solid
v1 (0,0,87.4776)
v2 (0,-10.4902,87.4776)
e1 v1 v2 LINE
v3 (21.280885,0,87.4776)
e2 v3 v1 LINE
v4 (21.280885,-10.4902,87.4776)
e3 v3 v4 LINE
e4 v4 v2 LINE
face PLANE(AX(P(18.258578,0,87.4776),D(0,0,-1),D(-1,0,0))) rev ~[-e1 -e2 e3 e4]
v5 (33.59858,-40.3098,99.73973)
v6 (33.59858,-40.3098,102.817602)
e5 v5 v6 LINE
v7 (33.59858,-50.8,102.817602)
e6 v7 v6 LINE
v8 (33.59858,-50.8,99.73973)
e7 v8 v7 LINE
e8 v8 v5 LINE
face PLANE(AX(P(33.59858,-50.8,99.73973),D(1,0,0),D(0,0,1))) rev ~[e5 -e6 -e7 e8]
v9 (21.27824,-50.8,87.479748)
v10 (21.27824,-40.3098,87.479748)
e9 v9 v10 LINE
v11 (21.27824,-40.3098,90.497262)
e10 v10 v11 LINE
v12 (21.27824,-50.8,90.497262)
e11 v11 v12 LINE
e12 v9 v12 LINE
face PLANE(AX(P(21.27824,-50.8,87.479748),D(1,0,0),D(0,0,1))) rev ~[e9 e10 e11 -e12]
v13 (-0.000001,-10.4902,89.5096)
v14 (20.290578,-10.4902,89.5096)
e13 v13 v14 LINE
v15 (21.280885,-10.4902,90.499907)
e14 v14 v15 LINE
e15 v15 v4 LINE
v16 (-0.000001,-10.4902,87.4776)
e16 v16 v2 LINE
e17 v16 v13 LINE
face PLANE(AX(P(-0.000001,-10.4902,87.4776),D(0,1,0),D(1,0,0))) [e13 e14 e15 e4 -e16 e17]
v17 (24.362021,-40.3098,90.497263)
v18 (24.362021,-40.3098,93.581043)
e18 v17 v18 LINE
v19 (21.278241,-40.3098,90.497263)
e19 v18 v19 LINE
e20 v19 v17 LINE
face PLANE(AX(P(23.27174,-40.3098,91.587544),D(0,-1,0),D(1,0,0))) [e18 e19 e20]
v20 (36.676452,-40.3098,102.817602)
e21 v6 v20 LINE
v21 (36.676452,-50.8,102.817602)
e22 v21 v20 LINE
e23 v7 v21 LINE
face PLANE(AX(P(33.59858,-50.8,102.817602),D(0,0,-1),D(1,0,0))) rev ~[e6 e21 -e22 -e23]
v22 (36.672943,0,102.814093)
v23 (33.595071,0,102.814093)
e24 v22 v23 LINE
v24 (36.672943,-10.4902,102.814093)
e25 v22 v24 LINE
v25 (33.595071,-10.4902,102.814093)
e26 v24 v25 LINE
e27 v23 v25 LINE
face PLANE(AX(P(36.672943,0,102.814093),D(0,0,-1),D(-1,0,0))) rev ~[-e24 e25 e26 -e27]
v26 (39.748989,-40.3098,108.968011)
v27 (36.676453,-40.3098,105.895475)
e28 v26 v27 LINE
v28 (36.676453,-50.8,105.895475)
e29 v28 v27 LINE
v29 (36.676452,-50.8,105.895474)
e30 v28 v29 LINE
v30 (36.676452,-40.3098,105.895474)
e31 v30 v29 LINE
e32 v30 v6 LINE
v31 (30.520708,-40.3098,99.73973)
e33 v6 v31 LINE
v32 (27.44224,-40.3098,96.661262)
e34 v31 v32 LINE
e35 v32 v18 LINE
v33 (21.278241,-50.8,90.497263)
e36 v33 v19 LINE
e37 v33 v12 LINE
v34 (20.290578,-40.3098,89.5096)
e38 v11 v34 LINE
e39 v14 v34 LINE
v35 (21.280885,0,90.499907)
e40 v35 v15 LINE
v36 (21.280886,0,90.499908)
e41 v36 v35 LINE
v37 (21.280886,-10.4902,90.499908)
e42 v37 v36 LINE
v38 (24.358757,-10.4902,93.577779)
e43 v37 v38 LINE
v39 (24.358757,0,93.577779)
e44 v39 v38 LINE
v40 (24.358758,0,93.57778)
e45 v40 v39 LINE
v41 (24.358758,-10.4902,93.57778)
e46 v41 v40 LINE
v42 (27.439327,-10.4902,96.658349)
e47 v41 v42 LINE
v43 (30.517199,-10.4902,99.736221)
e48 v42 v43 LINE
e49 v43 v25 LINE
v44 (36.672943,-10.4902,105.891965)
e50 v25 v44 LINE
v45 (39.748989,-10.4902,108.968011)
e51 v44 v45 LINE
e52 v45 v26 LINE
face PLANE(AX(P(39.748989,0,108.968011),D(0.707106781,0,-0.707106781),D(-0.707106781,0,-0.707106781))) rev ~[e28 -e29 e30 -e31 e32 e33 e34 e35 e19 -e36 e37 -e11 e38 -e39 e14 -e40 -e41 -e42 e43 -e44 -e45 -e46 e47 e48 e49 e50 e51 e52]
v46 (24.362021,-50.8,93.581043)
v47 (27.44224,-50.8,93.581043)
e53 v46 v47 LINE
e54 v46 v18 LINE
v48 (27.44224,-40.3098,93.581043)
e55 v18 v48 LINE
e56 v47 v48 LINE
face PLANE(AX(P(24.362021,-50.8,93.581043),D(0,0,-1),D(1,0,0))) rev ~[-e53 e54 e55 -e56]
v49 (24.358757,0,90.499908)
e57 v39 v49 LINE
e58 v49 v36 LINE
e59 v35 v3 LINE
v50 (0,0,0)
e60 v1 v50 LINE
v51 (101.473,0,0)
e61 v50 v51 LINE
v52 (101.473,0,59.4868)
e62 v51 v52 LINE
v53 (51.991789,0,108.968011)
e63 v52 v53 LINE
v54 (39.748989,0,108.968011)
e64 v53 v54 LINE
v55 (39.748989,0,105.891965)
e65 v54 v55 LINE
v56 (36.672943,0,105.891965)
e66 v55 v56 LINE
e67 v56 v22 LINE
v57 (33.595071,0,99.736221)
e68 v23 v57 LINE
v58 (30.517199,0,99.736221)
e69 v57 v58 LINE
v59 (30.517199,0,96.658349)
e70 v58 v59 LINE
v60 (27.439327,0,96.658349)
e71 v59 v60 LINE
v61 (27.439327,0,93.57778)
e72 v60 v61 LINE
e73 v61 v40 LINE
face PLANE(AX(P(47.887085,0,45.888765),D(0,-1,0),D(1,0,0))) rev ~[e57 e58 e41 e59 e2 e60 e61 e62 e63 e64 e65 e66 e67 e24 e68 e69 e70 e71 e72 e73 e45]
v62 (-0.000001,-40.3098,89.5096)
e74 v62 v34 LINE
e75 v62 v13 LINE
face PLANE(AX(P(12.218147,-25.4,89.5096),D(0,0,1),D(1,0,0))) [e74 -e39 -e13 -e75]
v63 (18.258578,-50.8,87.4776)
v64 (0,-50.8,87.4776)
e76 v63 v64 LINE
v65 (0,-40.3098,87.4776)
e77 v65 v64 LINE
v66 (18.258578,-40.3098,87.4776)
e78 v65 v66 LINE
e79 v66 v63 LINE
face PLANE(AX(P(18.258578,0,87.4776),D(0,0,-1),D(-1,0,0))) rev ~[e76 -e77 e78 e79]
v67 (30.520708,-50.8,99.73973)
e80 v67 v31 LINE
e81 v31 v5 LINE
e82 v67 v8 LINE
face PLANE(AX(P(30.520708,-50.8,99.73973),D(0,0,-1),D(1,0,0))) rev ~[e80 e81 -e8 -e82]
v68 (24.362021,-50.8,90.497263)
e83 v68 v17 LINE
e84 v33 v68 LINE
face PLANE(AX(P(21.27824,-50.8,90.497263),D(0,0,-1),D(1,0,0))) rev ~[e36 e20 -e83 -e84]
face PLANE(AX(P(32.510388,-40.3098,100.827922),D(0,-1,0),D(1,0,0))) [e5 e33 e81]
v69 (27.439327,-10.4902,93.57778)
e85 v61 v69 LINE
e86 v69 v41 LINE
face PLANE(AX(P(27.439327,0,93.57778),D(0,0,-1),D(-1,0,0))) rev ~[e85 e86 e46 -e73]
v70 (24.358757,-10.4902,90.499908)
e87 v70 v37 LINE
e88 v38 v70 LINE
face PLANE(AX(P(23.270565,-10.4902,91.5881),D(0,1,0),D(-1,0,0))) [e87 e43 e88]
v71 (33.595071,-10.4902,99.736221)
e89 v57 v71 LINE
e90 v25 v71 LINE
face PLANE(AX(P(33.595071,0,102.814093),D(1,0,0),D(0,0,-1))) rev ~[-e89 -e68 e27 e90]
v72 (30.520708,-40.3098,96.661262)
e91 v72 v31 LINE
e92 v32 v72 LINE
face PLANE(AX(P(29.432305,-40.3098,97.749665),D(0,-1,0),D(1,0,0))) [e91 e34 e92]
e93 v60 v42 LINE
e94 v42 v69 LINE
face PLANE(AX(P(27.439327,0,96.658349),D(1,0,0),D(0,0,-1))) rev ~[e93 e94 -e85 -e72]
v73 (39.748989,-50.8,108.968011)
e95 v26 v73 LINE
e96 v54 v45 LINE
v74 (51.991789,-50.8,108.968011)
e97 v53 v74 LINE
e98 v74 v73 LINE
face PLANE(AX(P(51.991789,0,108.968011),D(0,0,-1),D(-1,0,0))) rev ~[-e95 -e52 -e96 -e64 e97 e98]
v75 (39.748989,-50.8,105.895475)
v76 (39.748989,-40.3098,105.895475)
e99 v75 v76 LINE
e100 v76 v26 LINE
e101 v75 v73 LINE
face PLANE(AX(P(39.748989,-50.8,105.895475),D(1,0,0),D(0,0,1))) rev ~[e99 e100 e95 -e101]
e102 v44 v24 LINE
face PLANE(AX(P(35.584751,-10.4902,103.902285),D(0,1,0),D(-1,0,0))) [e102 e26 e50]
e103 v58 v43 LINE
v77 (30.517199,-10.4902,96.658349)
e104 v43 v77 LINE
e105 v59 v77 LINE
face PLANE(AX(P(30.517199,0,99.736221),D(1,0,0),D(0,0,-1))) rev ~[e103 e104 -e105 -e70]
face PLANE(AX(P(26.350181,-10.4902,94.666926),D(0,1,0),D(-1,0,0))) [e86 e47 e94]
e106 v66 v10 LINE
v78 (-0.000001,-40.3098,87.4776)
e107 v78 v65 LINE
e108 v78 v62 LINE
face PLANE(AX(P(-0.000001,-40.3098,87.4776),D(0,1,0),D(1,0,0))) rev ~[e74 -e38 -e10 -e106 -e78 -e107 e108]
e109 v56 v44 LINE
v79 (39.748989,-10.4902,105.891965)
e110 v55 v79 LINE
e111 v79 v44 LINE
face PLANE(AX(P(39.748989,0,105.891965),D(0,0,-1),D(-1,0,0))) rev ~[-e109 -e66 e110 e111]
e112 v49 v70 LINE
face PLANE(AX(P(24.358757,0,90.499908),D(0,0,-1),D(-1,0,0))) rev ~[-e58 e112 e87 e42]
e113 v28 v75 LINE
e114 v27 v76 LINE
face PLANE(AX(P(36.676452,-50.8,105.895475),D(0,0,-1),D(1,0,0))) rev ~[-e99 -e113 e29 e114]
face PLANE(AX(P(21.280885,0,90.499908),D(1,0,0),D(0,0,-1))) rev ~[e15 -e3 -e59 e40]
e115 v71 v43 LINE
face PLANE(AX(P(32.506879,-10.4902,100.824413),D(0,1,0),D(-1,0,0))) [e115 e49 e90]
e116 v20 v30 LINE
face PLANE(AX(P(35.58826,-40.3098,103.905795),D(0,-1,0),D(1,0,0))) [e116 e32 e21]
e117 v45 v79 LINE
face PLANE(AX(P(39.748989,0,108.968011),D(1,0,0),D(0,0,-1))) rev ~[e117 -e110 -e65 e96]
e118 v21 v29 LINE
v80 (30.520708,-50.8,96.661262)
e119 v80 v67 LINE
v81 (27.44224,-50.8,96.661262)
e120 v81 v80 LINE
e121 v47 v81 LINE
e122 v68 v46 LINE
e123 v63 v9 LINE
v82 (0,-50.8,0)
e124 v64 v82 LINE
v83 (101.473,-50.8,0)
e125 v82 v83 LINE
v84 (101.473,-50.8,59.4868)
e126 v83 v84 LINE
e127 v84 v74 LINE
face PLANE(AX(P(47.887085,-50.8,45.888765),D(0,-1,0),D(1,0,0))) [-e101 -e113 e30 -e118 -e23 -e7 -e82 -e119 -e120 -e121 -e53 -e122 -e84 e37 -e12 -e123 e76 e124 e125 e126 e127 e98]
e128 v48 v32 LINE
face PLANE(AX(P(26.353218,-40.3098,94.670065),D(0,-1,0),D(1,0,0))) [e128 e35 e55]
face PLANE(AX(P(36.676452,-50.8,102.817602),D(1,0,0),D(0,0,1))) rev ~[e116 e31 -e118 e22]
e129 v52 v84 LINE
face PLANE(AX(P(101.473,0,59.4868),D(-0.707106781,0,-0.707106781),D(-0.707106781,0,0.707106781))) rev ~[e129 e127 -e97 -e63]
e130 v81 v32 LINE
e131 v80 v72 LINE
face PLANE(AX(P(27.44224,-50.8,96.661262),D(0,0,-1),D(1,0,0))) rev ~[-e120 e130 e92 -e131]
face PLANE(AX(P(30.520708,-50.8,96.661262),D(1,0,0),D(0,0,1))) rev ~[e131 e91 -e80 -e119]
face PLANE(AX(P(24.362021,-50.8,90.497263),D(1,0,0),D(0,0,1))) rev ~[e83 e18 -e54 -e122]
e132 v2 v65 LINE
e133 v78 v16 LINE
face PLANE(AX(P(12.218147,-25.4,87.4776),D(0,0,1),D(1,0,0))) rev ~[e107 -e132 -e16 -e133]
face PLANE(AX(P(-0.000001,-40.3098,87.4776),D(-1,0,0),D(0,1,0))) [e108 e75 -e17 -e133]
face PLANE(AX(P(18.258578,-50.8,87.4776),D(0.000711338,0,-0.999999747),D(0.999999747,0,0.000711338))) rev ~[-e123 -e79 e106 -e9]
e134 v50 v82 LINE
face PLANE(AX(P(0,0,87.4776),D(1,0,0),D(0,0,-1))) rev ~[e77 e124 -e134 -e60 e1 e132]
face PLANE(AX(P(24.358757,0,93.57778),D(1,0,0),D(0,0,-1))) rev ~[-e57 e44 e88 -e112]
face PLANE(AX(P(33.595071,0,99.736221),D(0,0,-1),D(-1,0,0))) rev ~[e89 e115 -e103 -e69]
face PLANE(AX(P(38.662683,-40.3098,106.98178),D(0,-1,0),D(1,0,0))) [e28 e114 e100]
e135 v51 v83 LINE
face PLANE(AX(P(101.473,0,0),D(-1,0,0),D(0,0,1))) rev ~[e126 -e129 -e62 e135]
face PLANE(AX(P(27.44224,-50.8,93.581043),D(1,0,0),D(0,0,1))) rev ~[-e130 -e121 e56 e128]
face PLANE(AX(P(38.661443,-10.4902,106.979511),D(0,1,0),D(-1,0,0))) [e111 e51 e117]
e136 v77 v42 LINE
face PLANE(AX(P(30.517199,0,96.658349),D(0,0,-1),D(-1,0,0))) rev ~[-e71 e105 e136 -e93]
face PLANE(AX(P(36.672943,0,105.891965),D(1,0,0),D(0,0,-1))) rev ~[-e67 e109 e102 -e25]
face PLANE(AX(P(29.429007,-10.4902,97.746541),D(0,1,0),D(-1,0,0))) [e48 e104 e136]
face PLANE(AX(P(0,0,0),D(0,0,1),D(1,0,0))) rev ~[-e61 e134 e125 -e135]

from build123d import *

# Parameters (mm, degrees)
F1_DEPTH = 50.8
F3_DEPTH = 10.4902
F5_DEPTH = 10.4902
F6_W     = 24.436295
F6_H     = 29.8196
F7_DEPTH = 2.032


with BuildPart() as f1:
    # F0 (on Front) → F1 (new body)
    with BuildSketch(Plane.XZ):
        Polygon((0, 87.4776), (0, 0), (101.473, 0), (101.473, 59.4868), (51.991789, 108.968011), (39.748989, 108.968011), (18.258578, 87.4776), align=None)
    extrude(amount=F1_DEPTH)

    # F2 (on face) → F3 (cut)
    with BuildSketch(Plane.XZ.offset(50.8)):
        Polygon((21.27824, 87.479748), (21.27824, 90.497263), (18.258578, 87.4776), align=None)
        Polygon((24.362021, 90.497263), (24.362021, 93.581043), (21.27824, 90.497263), align=None)
        Polygon((27.44224, 93.581043), (27.44224, 96.661262), (24.362021, 93.581043), align=None)
        Polygon((30.520708, 96.661262), (30.520708, 99.73973), (27.44224, 96.661262), align=None)
        Polygon((33.59858, 99.73973), (33.59858, 102.817602), (30.520708, 99.73973), align=None)
        Polygon((36.676452, 102.817602), (36.676452, 105.895475), (33.59858, 102.817602), align=None)
        Polygon((39.748989, 105.895475), (39.748989, 108.968011), (36.676452, 105.895475), align=None)
    extrude(amount=-F3_DEPTH, mode=Mode.SUBTRACT)

    # F4 (on face) → F5 (cut)
    with BuildSketch(Plane(origin=(0, 0, 0), x_dir=(-1, 0, 0), z_dir=(0, 1, 0))):
        Polygon((-36.672943, 105.891965), (-39.748989, 108.968011), (-39.748989, 105.891965), align=None)
        Polygon((-18.258578, 87.4776), (-21.280885, 90.499908), (-21.280885, 87.4776), align=None)
        Polygon((-21.280885, 90.499908), (-24.358757, 93.57778), (-24.358757, 90.499908), align=None)
        Polygon((-24.358757, 93.57778), (-27.439327, 96.658349), (-27.439327, 93.57778), align=None)
        Polygon((-27.439327, 96.658349), (-30.517199, 99.736221), (-30.517199, 96.658349), align=None)
        Polygon((-30.517199, 99.736221), (-33.595071, 102.814093), (-33.595071, 99.736221), align=None)
        Polygon((-33.595071, 102.814093), (-36.672943, 105.891965), (-36.672943, 102.814093), align=None)
    extrude(amount=-F5_DEPTH, mode=Mode.SUBTRACT)

    # F6 (on face) → F7 (join)
    with BuildSketch(Plane.XY.offset(87.4776)):
        with Locations((12.218147, -25.4)):
            Rectangle(F6_W, F6_H)
    extrude(amount=F7_DEPTH)


solid = f1.part
